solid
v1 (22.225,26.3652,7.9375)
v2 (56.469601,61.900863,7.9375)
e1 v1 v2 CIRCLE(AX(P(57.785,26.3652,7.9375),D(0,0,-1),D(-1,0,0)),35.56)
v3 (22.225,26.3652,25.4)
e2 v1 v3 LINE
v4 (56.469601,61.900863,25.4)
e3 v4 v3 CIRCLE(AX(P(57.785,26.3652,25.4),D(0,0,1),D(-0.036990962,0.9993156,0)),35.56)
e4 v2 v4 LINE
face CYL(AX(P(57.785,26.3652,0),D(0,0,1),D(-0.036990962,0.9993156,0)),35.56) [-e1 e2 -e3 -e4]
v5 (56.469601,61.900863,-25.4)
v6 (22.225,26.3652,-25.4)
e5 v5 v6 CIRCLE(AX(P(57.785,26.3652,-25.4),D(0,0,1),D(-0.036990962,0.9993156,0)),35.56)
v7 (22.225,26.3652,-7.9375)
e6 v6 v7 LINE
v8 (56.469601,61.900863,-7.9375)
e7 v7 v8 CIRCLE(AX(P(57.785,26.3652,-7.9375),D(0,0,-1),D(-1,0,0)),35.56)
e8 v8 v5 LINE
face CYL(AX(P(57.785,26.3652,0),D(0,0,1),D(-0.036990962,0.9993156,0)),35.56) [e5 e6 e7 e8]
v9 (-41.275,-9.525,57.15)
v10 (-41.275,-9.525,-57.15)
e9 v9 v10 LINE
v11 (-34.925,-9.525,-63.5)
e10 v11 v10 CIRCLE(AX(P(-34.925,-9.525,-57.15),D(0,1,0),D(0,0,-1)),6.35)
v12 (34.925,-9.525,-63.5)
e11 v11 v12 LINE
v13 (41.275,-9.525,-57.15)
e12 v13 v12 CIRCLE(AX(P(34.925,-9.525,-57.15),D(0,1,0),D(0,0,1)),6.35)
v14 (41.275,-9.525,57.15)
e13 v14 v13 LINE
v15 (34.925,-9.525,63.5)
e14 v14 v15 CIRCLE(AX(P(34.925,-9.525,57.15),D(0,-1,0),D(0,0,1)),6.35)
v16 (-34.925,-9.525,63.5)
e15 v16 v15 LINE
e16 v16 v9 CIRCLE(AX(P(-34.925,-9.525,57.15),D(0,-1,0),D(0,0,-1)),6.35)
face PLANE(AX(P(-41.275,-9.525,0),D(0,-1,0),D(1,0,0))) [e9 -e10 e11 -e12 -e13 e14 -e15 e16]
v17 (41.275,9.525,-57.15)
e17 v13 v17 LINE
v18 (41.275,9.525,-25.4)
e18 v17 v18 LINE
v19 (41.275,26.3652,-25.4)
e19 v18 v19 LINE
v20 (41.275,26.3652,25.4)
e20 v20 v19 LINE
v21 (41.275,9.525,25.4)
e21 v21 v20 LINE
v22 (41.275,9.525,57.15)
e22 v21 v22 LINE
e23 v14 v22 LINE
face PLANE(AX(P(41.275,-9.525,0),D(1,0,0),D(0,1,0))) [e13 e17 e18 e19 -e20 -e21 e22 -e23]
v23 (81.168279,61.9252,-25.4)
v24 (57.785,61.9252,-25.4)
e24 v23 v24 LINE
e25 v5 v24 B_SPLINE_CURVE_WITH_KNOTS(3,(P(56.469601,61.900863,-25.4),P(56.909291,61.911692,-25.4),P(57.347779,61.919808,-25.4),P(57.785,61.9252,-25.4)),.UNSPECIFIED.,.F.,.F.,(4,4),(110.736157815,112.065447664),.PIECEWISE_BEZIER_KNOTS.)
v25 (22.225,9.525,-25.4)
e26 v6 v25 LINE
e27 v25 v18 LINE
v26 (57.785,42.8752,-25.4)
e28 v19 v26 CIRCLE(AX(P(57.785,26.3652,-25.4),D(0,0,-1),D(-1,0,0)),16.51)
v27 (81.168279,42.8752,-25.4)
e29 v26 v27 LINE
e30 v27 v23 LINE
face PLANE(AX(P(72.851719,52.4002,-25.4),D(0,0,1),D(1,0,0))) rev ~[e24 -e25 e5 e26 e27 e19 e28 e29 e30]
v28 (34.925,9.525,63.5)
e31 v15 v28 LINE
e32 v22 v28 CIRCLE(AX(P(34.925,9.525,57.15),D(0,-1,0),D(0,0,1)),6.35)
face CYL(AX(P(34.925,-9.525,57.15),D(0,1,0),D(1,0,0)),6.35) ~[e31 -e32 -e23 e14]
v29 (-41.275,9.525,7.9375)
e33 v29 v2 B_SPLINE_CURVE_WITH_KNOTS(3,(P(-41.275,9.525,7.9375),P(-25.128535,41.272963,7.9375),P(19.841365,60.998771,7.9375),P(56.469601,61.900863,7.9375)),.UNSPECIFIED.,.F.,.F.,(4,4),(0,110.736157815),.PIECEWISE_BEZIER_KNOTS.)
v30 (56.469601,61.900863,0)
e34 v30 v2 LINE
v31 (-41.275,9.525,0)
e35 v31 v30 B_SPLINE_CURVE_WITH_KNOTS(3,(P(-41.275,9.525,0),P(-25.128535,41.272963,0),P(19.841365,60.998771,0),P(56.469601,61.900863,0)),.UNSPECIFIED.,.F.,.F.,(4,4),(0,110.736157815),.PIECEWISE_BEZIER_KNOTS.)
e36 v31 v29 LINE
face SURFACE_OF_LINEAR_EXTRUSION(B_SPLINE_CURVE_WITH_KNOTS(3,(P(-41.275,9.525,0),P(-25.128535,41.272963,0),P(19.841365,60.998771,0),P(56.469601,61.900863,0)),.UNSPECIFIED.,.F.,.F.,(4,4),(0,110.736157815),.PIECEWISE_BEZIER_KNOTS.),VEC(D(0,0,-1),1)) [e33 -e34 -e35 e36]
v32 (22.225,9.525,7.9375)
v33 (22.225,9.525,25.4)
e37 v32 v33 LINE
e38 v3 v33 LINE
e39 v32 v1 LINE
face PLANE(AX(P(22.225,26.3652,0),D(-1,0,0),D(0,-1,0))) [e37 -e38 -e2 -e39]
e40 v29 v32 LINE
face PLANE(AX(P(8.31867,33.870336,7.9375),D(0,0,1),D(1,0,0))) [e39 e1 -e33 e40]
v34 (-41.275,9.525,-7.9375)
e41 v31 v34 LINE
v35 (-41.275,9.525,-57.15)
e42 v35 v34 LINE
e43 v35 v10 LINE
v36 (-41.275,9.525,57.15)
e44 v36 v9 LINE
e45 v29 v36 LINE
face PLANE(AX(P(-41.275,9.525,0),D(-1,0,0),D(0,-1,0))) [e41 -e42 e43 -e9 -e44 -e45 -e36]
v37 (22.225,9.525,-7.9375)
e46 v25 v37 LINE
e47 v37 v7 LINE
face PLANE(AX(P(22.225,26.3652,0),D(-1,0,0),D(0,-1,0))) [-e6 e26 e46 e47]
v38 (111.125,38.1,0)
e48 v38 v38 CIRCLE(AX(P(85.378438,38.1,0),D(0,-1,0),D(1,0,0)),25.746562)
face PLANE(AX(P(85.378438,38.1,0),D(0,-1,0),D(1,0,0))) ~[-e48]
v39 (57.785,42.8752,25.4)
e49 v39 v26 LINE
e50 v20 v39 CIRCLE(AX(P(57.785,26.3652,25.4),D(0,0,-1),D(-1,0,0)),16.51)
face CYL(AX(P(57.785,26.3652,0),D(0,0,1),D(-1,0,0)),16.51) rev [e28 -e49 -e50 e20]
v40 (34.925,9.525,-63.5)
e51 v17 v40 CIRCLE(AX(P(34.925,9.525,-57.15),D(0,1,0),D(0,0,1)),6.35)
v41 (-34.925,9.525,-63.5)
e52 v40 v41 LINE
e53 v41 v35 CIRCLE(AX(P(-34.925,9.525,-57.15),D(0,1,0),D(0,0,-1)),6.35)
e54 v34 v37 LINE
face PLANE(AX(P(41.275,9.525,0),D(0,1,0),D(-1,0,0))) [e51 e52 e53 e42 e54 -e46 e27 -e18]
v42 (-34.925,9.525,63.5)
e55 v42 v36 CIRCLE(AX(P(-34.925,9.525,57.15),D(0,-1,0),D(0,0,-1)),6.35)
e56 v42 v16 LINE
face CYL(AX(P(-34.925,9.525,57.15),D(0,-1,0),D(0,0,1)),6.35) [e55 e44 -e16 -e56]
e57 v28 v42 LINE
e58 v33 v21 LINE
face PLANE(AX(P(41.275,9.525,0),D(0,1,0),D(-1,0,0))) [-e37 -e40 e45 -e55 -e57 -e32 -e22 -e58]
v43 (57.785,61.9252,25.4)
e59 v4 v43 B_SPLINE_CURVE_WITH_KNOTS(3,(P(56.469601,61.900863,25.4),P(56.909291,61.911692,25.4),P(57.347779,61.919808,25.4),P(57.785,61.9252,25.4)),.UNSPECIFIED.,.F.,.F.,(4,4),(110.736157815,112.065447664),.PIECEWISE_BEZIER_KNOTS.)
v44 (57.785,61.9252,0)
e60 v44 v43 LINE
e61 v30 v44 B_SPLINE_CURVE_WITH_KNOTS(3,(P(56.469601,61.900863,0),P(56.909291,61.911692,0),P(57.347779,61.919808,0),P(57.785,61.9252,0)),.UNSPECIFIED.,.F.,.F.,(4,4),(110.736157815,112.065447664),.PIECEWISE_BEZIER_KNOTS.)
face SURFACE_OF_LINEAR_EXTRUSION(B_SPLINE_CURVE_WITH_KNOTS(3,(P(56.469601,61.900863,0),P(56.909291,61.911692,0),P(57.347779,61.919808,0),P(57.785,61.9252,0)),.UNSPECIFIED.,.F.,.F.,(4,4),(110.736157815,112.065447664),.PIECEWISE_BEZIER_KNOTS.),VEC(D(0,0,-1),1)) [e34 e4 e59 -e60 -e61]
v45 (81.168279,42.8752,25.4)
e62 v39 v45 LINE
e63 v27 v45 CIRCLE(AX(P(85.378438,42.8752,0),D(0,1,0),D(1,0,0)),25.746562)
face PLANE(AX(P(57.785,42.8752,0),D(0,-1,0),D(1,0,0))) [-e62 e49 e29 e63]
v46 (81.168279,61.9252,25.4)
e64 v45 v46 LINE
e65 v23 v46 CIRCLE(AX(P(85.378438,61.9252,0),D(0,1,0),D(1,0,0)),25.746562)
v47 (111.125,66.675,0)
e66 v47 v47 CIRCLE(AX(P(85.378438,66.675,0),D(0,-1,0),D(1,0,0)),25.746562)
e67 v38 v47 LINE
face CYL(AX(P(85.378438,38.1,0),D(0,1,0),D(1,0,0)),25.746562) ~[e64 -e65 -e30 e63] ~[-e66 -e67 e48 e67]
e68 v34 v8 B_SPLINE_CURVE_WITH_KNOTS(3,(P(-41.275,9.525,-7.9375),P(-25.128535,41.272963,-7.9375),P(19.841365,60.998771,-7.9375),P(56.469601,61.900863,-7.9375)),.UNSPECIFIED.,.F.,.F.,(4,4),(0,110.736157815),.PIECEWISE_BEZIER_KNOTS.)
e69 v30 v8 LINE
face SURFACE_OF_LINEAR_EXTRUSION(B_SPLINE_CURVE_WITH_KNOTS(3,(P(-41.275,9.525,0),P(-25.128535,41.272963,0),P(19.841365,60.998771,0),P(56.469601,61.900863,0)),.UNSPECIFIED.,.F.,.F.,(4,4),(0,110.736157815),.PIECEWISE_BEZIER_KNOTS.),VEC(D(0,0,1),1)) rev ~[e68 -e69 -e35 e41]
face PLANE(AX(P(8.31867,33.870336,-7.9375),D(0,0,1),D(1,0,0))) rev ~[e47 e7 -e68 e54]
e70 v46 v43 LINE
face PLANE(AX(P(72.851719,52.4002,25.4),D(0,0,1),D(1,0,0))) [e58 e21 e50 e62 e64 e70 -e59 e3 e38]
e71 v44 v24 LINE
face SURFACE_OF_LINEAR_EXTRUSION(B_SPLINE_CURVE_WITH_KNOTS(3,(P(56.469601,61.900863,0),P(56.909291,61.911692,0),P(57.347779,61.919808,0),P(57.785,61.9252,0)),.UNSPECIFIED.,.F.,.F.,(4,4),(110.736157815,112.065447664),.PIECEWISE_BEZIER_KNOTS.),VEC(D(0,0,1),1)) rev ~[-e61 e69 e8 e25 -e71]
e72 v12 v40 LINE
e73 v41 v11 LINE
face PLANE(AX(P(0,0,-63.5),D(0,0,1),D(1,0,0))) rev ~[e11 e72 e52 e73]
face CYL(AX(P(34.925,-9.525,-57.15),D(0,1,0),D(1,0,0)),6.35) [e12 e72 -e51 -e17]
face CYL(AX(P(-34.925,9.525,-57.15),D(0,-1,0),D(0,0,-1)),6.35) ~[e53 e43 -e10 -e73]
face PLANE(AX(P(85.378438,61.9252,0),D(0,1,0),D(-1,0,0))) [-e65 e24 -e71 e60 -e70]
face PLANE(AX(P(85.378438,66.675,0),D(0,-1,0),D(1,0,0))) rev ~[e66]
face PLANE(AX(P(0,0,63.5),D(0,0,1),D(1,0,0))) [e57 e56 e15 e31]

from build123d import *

# Parameters (mm, degrees)
F1_DEPTH = 63.5
F0_W     = 25.0534382343
F0_H     = 19.05
F2_DEPTH = 25.4
F3_DEPTH = 7.9375
F5_R     = 6.35


with BuildPart() as f1:
    # F0 (on Top) → F1 (new body, symmetric)
    with BuildSketch(Plane.XY):
        Polygon((41.275, -9.525), (41.275, 9.525), (22.225, 9.525), (-41.275, 9.525), (-41.275, -9.525), align=None)
    extrude(amount=F1_DEPTH, both=True)

    # F0 (on Top) → F2 (join, symmetric)
    with BuildSketch(Plane.XY):
        with Locations((72.8517191172, 52.4002)):
            Rectangle(F0_W, F0_H)
        with BuildLine():
            Line((22.225, 9.525), (41.275, 9.525))
            Line((41.275, 9.525), (41.275, 26.3652))
            ThreePointArc((41.275, 26.3652), (46.1106670426, 38.0395329574), (57.785, 42.8752))
            Line((57.785, 42.8752), (60.325, 42.8752))
            Line((60.325, 42.8752), (60.325, 61.9252))
            Line((60.325, 61.9252), (57.785, 61.9252))
            add(Edge.make_bspline(
                [(56.4696013906, 61.9008627418), (56.9092910468, 61.9116915586), (57.3477786791, 61.9198078997), (57.785, 61.9252)],
                knots=[110.7361578147, 110.7361578147, 110.7361578147, 110.7361578147, 112.0654476636, 112.0654476636, 112.0654476636, 112.0654476636], degree=3))
            ThreePointArc((56.4696013906, 61.9008627418), (32.1794422581, 51.0404712797), (22.225, 26.3652))
            Line((22.225, 26.3652), (22.225, 9.525))
        make_face()
    extrude(amount=F2_DEPTH, both=True)

    # F0 (on Top) → F3 (join, symmetric)
    with BuildSketch(Plane.XY):
        with BuildLine():
            Line((-41.275, 9.525), (22.225, 9.525))
            Line((22.225, 9.525), (22.225, 26.3652))
            ThreePointArc((22.225, 26.3652), (32.1794422581, 51.0404712797), (56.4696013906, 61.9008627418))
            add(Edge.make_bspline(
                [(-41.275, 9.525), (-25.1285349977, 41.2729627023), (19.8413647419, 60.9987708748), (56.4696013906, 61.9008627418)],
                knots=[0, 0, 0, 0, 110.7361578147, 110.7361578147, 110.7361578147, 110.7361578147], degree=3))
        make_face()
    extrude(amount=F3_DEPTH, both=True)

    # F0 (on Top) → F4 (revolve)
    with BuildSketch(Plane.XY):
        Polygon((85.3784382343, 61.9252), (85.3784382343, 42.8752), (85.3784382343, 38.1), (111.125, 38.1), (111.125, 66.675), (85.3784382343, 66.675), align=None)
    revolve(axis=Axis((85.3784382343, 52.3875, 0), (0, -1, 0)))

    # F5
    f5_edges = [f1.edges().sort_by_distance(p)[0] for p in [
        (41.275, 0, 63.5),
        (-41.275, 0, 63.5),
        (41.275, 0, -63.5),
        (-41.275, 0, -63.5),
    ]]
    fillet(f5_edges, radius=F5_R)


solid = f1.part
